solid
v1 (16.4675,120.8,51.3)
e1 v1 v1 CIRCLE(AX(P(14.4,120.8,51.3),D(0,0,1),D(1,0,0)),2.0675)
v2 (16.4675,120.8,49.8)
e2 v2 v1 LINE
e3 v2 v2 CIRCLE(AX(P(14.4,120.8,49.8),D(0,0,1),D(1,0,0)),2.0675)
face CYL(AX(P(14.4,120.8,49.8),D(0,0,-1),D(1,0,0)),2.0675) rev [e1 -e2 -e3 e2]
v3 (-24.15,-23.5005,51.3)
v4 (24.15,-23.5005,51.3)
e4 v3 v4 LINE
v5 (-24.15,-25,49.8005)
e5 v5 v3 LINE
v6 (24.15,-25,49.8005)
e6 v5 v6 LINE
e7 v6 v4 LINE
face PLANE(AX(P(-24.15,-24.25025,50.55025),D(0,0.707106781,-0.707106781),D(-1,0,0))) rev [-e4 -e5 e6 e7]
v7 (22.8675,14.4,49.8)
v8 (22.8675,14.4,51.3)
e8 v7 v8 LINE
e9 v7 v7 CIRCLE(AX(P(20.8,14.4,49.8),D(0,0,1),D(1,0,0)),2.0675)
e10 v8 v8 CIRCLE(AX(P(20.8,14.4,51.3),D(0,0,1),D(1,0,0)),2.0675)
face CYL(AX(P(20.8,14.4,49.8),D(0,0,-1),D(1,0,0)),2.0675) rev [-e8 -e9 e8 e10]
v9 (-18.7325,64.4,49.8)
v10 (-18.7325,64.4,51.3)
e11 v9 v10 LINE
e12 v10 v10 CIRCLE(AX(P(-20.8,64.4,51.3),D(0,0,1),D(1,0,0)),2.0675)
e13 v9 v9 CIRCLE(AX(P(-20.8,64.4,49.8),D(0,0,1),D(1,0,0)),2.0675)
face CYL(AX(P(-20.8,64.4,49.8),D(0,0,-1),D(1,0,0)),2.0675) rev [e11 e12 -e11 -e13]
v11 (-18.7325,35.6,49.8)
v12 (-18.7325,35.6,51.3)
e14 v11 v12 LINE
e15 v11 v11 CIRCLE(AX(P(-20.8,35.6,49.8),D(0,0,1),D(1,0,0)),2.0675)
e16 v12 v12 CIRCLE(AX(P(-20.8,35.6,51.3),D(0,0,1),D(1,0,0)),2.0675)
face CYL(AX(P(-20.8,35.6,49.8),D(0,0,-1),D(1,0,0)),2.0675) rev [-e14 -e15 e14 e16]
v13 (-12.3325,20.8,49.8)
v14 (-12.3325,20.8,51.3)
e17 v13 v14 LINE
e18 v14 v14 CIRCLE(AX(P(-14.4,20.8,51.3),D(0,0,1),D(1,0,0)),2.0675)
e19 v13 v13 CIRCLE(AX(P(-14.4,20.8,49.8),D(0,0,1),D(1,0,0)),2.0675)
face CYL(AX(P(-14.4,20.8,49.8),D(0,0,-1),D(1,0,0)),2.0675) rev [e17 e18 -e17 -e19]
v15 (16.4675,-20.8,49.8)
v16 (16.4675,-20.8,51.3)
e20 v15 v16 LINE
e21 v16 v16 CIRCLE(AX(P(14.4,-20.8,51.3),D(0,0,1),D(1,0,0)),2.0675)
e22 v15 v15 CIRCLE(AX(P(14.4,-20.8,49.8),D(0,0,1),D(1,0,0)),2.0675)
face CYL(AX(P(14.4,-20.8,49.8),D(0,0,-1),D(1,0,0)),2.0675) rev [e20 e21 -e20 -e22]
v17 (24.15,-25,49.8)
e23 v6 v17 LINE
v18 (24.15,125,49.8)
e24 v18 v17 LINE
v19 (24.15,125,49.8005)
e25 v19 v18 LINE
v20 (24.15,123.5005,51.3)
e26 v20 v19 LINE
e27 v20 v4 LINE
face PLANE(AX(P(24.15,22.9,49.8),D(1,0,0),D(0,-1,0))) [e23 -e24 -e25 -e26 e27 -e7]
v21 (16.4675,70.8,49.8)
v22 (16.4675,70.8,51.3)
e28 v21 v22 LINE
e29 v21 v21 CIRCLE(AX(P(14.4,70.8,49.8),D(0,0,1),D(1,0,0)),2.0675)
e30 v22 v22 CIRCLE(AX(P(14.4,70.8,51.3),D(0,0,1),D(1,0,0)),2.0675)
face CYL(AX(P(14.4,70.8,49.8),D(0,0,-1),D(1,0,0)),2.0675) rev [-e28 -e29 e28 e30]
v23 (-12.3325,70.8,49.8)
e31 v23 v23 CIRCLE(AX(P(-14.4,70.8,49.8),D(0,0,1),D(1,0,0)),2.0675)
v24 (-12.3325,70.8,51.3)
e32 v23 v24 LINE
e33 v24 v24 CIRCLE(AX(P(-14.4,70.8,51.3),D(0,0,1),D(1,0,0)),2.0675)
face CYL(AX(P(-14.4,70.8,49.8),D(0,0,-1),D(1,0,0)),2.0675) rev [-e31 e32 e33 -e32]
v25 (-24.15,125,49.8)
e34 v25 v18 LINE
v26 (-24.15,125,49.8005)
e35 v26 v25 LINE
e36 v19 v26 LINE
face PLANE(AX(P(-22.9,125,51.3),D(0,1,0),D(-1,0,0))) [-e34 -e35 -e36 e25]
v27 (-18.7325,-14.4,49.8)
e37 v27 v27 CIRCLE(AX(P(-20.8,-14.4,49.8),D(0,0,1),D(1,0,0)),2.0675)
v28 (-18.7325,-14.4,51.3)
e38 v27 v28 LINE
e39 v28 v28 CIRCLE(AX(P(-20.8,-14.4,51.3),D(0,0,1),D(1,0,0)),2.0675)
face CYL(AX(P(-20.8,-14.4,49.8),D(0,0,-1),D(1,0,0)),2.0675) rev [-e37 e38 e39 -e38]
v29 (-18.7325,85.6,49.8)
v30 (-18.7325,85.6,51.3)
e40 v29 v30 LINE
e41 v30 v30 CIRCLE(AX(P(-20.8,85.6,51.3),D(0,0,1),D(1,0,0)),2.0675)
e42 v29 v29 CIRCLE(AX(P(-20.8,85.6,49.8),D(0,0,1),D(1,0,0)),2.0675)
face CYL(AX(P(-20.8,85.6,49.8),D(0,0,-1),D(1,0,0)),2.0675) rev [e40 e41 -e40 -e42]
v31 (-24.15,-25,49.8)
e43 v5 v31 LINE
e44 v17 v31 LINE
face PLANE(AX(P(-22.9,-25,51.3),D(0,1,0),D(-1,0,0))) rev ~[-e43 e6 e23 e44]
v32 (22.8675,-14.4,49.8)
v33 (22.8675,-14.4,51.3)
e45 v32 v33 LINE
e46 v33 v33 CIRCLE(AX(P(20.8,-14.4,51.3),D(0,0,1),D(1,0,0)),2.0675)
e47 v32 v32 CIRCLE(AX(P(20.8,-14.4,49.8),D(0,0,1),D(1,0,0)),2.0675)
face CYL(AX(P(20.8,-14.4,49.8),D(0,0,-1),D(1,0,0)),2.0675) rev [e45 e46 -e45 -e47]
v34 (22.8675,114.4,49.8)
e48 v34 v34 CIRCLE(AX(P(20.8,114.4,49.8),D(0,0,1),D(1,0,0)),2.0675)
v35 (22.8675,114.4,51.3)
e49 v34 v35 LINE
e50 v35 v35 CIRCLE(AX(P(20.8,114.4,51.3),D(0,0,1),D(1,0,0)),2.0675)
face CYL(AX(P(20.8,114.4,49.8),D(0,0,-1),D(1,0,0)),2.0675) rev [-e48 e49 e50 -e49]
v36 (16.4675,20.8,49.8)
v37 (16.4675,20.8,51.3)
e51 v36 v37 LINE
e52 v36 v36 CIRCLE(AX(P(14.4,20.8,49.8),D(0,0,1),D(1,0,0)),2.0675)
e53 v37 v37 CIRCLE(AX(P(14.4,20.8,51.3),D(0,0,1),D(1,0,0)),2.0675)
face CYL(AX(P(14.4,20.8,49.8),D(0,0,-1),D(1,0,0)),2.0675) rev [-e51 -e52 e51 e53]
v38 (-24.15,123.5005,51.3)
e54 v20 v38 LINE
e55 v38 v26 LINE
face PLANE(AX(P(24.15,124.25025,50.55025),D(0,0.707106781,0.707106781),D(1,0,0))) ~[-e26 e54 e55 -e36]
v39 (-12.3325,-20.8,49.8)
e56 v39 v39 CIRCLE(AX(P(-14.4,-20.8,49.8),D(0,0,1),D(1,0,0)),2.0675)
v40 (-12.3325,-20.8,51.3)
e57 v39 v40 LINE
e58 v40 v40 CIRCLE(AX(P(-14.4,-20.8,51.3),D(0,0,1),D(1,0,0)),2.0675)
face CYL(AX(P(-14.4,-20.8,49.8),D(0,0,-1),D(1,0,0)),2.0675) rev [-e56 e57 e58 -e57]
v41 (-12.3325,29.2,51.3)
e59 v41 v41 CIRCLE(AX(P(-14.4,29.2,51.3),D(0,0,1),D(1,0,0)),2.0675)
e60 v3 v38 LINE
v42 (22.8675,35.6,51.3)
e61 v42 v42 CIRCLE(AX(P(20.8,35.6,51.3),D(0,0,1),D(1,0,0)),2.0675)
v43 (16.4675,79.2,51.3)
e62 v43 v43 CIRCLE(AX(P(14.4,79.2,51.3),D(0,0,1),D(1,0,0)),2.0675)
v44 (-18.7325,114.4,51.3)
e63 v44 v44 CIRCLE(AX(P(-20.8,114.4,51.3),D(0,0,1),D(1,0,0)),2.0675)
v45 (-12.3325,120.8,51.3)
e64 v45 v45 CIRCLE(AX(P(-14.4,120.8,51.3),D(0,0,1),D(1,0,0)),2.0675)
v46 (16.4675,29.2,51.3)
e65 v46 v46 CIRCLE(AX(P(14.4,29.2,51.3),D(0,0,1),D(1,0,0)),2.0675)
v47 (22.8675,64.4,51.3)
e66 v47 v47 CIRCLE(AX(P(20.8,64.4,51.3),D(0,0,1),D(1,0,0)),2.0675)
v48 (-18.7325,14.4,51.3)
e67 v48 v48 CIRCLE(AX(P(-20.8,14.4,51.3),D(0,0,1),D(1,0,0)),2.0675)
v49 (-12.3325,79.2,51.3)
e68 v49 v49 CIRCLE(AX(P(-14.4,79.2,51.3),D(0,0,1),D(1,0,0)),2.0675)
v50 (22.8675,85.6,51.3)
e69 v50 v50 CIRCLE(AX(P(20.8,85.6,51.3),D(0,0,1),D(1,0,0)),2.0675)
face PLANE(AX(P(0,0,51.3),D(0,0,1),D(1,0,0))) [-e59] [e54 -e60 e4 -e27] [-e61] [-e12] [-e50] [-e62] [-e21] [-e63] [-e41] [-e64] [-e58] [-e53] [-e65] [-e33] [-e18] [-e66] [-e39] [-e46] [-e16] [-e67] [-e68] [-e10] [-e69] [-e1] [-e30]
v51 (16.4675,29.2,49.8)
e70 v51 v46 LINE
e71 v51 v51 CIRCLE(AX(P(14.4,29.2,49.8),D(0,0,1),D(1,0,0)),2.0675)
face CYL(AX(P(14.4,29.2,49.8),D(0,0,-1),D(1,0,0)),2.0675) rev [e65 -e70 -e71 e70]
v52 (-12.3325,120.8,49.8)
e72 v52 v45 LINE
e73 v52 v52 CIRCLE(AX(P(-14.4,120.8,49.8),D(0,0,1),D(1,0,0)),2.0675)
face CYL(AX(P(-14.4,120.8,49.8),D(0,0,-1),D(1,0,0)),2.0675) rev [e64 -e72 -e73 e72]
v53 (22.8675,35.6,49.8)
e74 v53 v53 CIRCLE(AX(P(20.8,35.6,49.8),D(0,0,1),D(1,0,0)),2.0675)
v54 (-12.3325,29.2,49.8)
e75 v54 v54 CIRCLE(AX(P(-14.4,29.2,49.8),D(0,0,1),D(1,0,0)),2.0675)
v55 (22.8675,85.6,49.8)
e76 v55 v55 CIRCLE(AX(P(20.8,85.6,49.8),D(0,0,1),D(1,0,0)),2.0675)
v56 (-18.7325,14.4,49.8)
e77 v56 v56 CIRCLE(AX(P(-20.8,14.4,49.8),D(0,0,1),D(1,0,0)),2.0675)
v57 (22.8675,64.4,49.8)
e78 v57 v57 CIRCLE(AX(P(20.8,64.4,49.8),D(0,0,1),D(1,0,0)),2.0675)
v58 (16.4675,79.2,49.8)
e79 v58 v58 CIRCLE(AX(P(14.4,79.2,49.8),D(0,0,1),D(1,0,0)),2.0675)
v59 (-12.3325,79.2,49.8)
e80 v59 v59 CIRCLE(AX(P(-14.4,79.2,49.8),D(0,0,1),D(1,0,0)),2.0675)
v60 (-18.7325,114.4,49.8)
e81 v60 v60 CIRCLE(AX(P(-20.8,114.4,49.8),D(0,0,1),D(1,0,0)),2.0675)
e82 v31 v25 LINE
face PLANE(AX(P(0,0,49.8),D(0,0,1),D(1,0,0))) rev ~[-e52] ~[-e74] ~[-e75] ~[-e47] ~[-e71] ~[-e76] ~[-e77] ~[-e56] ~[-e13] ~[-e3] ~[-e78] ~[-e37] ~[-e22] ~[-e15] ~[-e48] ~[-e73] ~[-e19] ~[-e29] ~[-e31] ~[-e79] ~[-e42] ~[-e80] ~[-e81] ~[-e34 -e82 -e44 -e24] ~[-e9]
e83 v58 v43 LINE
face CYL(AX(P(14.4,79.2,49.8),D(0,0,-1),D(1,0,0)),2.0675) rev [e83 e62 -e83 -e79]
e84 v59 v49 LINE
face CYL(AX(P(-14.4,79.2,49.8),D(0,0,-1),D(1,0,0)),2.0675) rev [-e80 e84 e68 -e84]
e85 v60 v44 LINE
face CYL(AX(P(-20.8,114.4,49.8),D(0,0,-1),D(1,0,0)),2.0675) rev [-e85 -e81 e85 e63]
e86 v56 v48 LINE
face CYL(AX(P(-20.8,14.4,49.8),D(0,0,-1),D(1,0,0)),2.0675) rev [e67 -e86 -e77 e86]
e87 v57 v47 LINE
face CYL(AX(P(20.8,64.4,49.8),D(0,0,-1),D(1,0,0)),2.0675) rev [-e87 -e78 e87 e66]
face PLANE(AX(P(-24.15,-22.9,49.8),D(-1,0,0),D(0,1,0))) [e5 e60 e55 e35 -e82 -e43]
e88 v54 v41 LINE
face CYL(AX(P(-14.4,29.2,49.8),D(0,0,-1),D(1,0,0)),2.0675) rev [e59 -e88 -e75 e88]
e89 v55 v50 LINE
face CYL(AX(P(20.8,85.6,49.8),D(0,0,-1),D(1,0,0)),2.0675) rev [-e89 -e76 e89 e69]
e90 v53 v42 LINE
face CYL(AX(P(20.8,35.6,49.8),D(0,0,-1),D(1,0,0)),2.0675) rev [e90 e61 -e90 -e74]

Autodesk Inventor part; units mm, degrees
ref_plane "YZ Plane" through (0, 0, 0) normal (1, 0, 0) x (0, 1, 0)
ref_plane "XZ Plane" through (0, 0, 0) normal (0, 1, 0) x (-1, 0, 0)
sketch "Sketch1" plane through (0, 0, 0) normal (0, 0, 1) x (1, 0, 0)
  circle A0 centre (-21.9, -21.9) radius 1.875 projected
  circle A1 centre (21.9, 21.9) radius 1.875 projected
  circle A2 centre (21.9, -21.9) radius 1.875 projected
  circle A3 centre (-21.9, 21.9) radius 1.875 projected
  circle A4 centre (14.4, 20.8) radius 2.0675 projected
  circle A5 centre (-14.4, -20.8) radius 2.0675 projected
  circle A6 centre (14.4, -20.8) radius 2.0675 projected
  circle A7 centre (20.8, -14.4) radius 2.0675 projected
  line L0 (-17.05, 17.05) -> (-17.05, -17.05) projected
  line L1 (17.05, 17.05) -> (-17.05, 17.05) projected
  line L2 (17.05, -17.05) -> (17.05, 17.05) projected
  line L3 (-17.05, -17.05) -> (17.05, -17.05) projected
  circle A8 centre (20.8, 14.4) radius 2.0675 projected
  circle A9 centre (-14.4, 20.8) radius 2.0675 projected
  circle A10 centre (-20.8, -14.4) radius 2.0675 projected
  circle A11 centre (-20.8, 14.4) radius 2.0675 projected
  line L4 (-22.9, 24.15) -> (22.9, 24.15) projected
  arc A12 (-22.9, 24.15) -> (-24.15, 22.9) centre (-22.9, 22.9) ccw projected
  line L5 (-24.15, -22.9) -> (-24.15, 22.9) projected
  arc A13 (-24.15, -22.9) -> (-22.9, -24.15) centre (-22.9, -22.9) ccw projected
  line L6 (22.9, -24.15) -> (-22.9, -24.15) projected
  arc A14 (22.9, -24.15) -> (24.15, -22.9) centre (22.9, -22.9) ccw projected
  line L7 (24.15, 22.9) -> (24.15, -22.9) projected
  arc A15 (24.15, 22.9) -> (22.9, 24.15) centre (22.9, 22.9) ccw projected
  point P0 (0, 0)
ref_plane "Work Plane1" through (-24.15, -24.15, 49.8) normal (0, 0, 1) x (1, 0, 0)
extrude "Extrusion1" add sketch "Sketch1" along normal blind 1.5 from surface at 49.8 contours A0 | A1 | A2 | A3 | L1 L2 L3 L0 | L4 A15 L7 A14 L6 A13 L5 A12
sketch "Sketch2" plane through (-22.9, -24.15, 51.3) normal (0, 0, 1) x (1, 0, 0)
  arc A0 (-1.25, 1.25) -> (0, 0) centre (0, 1.25) ccw projected
  line L0 (45.8, 0) -> (0, 0) projected
  arc A1 (45.8, 0) -> (47.05, 1.25) centre (45.8, 1.25) ccw projected
  line L1 (47.05, 47.05) -> (47.05, 1.25) projected
  arc A2 (47.05, 47.05) -> (45.8, 48.3) centre (45.8, 47.05) ccw projected
  line L2 (0, 48.3) -> (45.8, 48.3) projected
  arc A3 (0, 48.3) -> (-1.25, 47.05) centre (0, 47.05) ccw projected
  line L3 (-1.25, 1.25) -> (-1.25, 47.05) projected
  circle A4 centre (2.1, 38.55) radius 2.0675 projected
  circle A5 centre (2.1, 9.75) radius 2.0675 projected
  circle A6 centre (8.5, 44.95) radius 2.0675 projected
  circle A7 centre (43.7, 38.55) radius 2.0675 projected
  circle A8 centre (43.7, 9.75) radius 2.0675 projected
  circle A9 centre (37.3, 3.35) radius 2.0675 projected
  circle A10 centre (8.5, 3.35) radius 2.0675 projected
  circle A11 centre (37.3, 44.95) radius 2.0675 projected
  arc A12 (47.9, 47.05) -> (45.8, 49.15) centre (45.8, 47.05) ccw
  line L4 (47.9, 47.05) -> (47.9, 1.25)
  arc A13 (45.8, -0.85) -> (47.9, 1.25) centre (45.8, 1.25) ccw
  line L5 (45.8, -0.85) -> (0, -0.85)
  arc A14 (-2.1, 1.25) -> (0, -0.85) centre (0, 1.25) ccw
  line L6 (-2.1, 1.25) -> (-2.1, 47.05)
  arc A15 (0, 49.15) -> (-2.1, 47.05) centre (0, 47.05) ccw
  line L7 (0, 49.15) -> (45.8, 49.15)
  line L8 (47.05, 1.25) -> (45.8, 1.25)
  line L9 (45.8, 1.25) -> (45.8, -0.85)
  line L10 (45.8, -0.85) -> (47.05, -0.85)
  line L11 (47.05, -0.85) -> (47.05, 1.25)
  line L12 (-1.25, 1.25) -> (0, 1.25)
  line L13 (0, 1.25) -> (0, -0.85)
  line L14 (0, -0.85) -> (-1.25, -0.85)
  line L15 (-1.25, -0.85) -> (-1.25, 1.25)
  line L16 (-1.25, 47.05) -> (0, 47.05)
  line L17 (0, 47.05) -> (0, 49.15)
  line L18 (0, 49.15) -> (-1.25, 49.15)
  line L19 (-1.25, 49.15) -> (-1.25, 47.05)
  line L20 (47.05, 47.05) -> (45.8, 47.05)
  line L21 (45.8, 47.05) -> (45.8, 49.15)
  line L22 (45.8, 49.15) -> (47.05, 49.15)
  line L23 (47.05, 49.15) -> (47.05, 47.05)
  point P0 (22.9, 24.15)
  dimension "d2" = 0.85
extrude "Extrusion2" add sketch "Sketch2" against normal blind 1.5 contours A0 L13 A14 L15 | L0 L9 L5 L13 | L19 A15 L17 A3 | A14 L14 L15 | A1 L11 A13 L9 | L17 L7 L21 L2 | L19 L18 A15 | A13 L11 L10 | L21 A12 L23 A2 | L22 L23 A12
pattern_linear "Rectangular Pattern1" count 3 spacing 50 along (0, 1, 0) of "Extrusion1", "Extrusion2"
chamfer "Chamfer1" distance 1.5 angle 45 2 edges at (0, -25, 51.3) (0, 125, 51.3)
properties part number "Panel Top 1x3"
